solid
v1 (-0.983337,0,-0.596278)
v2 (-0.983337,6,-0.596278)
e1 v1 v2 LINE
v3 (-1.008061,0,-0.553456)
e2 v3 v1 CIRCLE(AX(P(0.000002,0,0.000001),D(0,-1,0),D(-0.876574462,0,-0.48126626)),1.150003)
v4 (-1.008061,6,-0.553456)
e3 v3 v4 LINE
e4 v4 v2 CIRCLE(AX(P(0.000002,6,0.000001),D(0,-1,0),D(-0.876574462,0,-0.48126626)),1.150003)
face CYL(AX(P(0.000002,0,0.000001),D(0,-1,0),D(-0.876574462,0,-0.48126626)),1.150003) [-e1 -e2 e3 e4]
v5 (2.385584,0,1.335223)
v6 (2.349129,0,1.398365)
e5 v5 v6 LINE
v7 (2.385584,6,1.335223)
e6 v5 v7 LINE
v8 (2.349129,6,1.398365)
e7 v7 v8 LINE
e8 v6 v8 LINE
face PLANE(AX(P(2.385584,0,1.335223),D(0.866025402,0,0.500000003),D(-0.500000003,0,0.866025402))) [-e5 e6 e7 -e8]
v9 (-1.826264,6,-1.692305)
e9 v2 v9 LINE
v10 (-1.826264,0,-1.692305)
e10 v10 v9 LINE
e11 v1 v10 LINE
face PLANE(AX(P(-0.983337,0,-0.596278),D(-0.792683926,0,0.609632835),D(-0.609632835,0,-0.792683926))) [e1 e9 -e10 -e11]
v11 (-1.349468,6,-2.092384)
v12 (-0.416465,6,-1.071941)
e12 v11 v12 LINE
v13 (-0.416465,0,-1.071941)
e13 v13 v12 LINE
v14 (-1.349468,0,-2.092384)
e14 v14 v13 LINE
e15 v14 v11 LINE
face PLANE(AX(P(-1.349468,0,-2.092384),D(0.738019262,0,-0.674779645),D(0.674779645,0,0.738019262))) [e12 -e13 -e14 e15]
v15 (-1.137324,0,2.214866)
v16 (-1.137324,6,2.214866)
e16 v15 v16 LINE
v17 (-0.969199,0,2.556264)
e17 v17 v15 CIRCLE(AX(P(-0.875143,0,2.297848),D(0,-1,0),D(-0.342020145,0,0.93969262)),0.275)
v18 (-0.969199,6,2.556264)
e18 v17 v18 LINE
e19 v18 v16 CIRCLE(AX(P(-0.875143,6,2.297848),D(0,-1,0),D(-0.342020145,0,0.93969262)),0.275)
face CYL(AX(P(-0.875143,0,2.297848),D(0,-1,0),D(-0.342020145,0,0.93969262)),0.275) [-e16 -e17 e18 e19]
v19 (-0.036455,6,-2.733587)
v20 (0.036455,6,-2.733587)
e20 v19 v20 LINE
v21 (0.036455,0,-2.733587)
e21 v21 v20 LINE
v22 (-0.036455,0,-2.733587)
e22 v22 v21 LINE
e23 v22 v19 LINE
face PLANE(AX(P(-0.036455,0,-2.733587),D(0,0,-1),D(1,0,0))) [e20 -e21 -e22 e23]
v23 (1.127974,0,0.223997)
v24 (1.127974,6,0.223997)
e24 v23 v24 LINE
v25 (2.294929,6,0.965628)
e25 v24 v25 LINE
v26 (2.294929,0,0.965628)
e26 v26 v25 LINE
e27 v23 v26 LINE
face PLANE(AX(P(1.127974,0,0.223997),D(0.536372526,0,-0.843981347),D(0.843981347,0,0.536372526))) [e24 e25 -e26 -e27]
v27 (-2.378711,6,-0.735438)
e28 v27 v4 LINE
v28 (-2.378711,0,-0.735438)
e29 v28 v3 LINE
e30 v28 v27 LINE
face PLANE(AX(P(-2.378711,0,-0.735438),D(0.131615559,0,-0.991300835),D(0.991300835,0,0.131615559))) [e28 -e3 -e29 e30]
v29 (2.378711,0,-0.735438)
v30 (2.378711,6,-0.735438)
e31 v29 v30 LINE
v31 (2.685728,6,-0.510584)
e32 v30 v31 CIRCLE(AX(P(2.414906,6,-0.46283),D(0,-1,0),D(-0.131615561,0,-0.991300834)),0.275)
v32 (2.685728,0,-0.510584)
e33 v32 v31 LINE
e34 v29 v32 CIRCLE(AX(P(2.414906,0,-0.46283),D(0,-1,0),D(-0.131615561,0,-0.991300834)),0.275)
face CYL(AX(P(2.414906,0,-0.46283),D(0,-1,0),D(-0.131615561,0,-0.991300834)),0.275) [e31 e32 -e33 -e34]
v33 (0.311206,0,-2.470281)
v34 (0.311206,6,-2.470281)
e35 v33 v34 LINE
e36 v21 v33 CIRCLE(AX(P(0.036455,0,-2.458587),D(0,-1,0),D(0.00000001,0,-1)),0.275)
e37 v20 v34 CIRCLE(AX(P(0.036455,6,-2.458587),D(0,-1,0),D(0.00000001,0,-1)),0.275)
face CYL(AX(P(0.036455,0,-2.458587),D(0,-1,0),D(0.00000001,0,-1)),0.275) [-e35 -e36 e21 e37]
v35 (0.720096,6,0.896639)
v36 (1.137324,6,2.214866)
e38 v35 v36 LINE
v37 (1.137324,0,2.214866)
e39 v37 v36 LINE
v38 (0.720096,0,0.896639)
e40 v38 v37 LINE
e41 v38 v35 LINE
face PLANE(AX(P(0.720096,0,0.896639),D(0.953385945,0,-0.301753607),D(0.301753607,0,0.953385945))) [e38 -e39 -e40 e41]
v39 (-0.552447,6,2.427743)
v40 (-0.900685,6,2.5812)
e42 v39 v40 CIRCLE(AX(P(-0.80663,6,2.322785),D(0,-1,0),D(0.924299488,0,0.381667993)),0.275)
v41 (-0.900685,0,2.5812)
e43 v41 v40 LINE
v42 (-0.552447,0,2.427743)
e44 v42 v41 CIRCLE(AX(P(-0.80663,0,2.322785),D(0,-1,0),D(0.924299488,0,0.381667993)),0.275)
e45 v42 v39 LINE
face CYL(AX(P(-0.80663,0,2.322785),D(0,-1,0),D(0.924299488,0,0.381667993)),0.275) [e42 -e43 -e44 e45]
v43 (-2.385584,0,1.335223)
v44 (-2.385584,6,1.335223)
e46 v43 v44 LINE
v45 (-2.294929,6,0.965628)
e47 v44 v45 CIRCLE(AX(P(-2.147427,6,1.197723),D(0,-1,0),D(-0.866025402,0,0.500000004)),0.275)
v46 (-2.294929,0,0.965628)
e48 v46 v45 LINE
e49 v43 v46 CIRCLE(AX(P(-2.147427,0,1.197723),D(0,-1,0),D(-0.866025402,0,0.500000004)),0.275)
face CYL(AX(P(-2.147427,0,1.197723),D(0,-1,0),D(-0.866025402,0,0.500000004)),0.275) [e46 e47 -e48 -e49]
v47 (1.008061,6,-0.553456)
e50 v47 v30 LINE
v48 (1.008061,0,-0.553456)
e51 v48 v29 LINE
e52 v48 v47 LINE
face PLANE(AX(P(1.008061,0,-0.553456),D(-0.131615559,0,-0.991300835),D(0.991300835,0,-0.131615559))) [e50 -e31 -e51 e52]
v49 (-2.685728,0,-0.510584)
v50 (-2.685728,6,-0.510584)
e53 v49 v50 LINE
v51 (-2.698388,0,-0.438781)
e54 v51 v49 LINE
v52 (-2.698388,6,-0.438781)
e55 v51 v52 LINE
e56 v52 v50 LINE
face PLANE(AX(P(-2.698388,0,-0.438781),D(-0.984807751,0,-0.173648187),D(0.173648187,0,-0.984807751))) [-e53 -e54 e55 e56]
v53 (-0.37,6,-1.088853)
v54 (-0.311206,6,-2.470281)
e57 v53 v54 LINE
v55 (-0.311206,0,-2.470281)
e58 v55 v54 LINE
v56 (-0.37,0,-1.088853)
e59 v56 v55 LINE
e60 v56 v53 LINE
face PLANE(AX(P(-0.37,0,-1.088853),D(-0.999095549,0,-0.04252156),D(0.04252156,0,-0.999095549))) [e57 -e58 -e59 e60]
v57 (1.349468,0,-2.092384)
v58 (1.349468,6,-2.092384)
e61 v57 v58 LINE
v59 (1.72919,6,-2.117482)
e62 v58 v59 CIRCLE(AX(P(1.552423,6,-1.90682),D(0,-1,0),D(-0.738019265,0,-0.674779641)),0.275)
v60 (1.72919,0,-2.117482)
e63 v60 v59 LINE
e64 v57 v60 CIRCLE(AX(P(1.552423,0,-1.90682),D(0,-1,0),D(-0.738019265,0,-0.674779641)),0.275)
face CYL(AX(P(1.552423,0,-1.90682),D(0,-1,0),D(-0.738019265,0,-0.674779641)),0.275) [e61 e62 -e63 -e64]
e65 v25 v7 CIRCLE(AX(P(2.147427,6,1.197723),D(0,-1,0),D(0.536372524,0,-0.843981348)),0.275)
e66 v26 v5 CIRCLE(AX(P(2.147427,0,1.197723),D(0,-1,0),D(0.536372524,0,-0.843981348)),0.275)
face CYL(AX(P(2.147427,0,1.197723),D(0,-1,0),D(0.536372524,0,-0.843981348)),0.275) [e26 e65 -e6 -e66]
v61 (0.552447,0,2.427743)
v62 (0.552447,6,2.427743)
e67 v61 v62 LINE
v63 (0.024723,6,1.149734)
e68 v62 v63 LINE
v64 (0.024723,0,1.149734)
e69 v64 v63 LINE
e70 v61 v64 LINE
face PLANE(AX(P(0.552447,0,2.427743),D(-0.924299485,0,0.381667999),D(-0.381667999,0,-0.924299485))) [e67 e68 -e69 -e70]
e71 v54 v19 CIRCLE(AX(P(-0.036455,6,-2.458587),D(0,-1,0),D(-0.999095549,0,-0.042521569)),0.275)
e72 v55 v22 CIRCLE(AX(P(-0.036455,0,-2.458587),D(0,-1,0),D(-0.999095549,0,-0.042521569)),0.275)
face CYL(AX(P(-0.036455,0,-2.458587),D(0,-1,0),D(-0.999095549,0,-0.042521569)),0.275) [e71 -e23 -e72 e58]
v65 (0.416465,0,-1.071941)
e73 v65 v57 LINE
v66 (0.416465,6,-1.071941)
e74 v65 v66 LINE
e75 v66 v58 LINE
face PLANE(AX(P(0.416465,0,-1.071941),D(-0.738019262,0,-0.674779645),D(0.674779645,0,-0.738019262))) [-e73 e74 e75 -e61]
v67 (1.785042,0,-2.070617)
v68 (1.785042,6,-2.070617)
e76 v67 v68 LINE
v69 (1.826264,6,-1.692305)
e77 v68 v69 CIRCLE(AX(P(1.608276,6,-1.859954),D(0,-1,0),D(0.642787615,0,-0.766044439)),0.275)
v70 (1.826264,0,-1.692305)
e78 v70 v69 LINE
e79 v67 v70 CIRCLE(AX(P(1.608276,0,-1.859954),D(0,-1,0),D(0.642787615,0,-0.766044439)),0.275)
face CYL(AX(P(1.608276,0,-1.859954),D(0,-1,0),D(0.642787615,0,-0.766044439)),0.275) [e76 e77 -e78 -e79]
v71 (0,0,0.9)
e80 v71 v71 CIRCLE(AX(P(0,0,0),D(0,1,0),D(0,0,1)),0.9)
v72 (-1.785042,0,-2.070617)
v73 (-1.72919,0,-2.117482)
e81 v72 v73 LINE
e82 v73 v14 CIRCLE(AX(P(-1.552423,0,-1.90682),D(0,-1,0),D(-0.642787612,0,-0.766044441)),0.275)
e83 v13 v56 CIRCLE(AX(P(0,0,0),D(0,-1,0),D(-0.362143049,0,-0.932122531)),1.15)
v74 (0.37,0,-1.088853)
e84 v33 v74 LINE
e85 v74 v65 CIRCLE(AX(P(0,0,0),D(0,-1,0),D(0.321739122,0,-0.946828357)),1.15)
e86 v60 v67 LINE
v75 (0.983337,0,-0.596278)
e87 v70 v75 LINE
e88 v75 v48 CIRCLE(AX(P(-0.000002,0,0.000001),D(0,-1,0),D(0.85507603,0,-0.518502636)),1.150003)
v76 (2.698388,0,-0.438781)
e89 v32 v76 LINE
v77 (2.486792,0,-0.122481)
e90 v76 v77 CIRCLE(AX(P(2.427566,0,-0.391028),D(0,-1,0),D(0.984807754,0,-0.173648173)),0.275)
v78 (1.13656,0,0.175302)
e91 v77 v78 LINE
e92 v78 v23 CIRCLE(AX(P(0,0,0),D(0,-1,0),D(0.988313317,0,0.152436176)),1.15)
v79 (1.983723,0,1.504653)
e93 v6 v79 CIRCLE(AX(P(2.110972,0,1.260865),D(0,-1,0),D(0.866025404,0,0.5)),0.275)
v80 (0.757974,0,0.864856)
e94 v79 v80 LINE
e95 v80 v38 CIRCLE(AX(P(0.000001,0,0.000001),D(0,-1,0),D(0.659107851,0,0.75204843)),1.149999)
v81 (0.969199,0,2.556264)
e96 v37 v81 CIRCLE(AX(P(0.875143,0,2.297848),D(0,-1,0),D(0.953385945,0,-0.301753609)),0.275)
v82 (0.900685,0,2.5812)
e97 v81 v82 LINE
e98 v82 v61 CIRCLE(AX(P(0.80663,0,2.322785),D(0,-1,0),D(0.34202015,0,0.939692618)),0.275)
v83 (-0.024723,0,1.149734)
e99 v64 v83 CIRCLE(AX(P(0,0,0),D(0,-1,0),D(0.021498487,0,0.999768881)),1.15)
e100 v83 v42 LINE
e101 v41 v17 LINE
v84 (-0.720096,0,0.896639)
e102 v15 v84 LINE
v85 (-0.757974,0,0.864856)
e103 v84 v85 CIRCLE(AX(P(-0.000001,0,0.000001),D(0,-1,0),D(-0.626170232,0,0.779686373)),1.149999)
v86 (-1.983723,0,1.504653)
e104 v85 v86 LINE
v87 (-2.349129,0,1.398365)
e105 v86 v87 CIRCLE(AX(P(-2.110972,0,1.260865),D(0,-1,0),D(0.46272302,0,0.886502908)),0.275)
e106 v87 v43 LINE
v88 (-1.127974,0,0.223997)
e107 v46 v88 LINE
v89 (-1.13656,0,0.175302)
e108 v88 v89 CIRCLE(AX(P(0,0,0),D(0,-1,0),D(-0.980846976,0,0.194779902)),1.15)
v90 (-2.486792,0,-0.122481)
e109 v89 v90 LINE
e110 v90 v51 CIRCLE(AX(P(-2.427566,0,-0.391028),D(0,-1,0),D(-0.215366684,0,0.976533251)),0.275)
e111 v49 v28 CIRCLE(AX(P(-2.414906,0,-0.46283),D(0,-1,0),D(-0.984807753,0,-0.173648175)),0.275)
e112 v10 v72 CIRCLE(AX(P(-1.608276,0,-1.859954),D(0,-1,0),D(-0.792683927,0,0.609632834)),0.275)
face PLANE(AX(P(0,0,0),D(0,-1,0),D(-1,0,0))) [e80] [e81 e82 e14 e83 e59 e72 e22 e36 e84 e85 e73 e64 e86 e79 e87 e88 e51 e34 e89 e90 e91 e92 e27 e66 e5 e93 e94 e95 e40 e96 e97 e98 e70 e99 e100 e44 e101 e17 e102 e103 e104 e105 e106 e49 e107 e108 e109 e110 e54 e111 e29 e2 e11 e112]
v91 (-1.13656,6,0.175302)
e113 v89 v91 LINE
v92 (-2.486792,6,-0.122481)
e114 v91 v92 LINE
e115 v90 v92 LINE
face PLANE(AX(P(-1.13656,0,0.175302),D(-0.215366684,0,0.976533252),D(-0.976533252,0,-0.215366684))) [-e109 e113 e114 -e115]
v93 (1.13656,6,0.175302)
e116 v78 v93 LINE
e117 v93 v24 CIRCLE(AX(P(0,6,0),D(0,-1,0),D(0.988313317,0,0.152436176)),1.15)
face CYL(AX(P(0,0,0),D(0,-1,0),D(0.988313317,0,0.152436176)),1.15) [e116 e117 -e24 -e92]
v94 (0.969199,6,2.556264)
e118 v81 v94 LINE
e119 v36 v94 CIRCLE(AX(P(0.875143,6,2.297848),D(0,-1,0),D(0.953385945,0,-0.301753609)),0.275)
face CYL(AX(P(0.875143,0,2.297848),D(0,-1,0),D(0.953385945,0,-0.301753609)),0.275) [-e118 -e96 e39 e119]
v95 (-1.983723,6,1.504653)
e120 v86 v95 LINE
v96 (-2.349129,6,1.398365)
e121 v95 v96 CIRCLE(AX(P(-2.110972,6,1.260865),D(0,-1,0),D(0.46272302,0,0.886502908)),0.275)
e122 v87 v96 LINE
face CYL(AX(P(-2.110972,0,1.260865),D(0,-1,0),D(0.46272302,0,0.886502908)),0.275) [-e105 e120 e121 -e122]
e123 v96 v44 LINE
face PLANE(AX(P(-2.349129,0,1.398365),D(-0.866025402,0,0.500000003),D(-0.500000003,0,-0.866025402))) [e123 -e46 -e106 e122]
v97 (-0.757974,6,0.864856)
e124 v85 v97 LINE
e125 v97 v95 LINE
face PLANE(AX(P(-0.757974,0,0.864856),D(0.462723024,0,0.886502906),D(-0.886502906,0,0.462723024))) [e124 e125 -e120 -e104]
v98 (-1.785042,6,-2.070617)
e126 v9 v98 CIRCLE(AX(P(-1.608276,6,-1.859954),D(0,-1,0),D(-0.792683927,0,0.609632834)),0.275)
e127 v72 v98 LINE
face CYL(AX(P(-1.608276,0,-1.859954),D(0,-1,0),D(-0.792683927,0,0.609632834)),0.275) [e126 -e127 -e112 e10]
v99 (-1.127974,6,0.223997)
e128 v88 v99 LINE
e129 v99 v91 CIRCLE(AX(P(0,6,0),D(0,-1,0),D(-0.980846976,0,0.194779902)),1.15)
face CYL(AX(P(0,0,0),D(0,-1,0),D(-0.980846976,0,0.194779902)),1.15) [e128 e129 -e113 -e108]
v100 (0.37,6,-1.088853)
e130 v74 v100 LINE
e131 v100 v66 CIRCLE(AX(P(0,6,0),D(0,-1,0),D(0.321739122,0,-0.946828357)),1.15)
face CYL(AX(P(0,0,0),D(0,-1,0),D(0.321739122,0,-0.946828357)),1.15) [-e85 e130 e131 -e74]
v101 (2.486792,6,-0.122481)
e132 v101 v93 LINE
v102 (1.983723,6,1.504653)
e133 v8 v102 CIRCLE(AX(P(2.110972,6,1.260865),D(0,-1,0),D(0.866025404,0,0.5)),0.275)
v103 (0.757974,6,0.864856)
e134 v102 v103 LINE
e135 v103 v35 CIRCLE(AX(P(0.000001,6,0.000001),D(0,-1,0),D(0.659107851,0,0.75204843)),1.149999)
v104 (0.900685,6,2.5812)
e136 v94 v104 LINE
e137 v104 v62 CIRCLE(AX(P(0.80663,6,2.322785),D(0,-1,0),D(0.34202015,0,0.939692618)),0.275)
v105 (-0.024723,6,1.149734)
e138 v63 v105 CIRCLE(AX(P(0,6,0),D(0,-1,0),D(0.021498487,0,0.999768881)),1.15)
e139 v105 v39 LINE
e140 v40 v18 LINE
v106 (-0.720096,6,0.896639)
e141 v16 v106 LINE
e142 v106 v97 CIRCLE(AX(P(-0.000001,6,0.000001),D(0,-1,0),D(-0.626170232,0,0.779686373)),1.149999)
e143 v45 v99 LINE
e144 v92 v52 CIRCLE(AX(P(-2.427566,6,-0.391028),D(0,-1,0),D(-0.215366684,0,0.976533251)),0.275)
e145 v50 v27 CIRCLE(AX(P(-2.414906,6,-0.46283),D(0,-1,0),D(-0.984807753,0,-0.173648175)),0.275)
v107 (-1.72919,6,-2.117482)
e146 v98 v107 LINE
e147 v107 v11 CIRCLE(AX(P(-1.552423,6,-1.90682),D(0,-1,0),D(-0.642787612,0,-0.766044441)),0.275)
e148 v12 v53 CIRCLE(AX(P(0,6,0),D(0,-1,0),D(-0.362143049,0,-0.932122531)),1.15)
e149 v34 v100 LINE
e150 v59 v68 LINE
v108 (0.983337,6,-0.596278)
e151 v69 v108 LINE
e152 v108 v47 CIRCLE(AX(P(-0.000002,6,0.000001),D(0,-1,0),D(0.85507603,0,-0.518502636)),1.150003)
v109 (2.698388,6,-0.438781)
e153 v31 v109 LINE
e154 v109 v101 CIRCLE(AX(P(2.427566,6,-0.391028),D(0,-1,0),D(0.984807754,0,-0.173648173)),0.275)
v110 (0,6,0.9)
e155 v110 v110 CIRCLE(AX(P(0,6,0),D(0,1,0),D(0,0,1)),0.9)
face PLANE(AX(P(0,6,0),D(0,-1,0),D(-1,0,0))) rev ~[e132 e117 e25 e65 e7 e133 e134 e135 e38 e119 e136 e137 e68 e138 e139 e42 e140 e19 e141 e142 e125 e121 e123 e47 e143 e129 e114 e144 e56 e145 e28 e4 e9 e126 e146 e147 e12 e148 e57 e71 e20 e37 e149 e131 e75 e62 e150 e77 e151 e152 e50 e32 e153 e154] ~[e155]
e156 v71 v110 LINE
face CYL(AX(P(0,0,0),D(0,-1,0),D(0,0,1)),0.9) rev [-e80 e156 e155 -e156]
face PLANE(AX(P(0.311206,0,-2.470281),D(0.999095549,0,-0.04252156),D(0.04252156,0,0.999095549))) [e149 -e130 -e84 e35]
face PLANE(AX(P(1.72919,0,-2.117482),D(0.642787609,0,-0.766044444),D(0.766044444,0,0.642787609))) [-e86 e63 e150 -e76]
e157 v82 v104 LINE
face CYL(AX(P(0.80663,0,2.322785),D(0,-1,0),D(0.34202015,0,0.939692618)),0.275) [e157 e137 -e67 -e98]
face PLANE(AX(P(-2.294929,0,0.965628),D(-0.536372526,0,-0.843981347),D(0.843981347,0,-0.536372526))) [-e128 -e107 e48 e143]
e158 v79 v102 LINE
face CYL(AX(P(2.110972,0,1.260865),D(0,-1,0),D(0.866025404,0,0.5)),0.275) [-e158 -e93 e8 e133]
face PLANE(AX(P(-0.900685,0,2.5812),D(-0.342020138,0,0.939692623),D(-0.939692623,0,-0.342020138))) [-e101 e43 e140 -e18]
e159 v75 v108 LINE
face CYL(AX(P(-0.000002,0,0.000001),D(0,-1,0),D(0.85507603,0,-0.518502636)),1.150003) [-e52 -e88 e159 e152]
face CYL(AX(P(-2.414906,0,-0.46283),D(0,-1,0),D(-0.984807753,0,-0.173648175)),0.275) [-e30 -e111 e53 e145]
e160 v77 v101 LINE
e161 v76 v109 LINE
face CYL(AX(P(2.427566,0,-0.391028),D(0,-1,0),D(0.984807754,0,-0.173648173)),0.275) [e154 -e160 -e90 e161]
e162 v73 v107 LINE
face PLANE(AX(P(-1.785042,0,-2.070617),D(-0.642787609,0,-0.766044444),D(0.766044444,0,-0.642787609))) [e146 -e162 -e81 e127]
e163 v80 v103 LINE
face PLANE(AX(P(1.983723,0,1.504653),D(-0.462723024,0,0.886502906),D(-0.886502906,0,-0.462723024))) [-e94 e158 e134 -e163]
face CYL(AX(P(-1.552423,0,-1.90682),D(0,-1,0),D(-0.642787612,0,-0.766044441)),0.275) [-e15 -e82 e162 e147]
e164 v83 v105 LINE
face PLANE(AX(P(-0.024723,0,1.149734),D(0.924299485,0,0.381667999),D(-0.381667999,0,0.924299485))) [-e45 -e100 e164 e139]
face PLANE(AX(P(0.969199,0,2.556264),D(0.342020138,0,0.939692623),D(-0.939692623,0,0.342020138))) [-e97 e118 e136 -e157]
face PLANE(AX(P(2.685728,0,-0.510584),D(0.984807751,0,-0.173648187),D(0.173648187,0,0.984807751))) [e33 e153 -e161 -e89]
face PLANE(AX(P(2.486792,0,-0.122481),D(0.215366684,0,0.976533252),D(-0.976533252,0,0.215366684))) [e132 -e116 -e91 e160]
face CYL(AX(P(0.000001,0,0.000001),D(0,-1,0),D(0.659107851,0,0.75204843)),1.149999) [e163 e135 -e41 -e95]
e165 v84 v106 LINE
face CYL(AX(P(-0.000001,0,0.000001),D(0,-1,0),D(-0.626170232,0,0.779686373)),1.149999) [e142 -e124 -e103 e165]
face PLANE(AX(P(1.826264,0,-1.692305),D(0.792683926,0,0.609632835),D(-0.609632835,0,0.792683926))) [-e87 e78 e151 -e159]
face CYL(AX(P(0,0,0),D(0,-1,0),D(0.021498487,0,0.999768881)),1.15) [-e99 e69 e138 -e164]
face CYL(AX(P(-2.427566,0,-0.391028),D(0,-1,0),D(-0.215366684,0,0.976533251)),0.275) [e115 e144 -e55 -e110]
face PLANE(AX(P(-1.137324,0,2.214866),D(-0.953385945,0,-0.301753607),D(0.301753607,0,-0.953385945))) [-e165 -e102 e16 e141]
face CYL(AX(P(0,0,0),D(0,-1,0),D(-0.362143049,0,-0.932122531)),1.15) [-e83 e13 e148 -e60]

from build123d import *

# Parameters (mm, degrees)
ESBO_O1_R                = 0.9
RESSALTO_EXTRUS_O1_DEPTH = 6


with BuildPart() as part:
    # Esboço1 → Ressalto-extrusão1 (new body)
    with BuildSketch(Plane(origin=(0, 0, 0), x_dir=(1, 0, 0), z_dir=(0, 1, 0))):
        with BuildLine():
            Line((0.036455066, 2.733587387), (-0.036455066, 2.733587387))
            ThreePointArc((-0.036455066, 2.733587387), (-0.22673027, 2.657132964), (-0.311206342, 2.470280816))
            Line((-0.311206342, 2.470280816), (-0.37, 1.088852607))
            ThreePointArc((-0.37, 1.088852607), (-0.393323165, 1.080646514), (-0.416464521, 1.071940905))
            Line((-0.416464521, 1.071940905), (-1.349468012, 2.092384472))
            ThreePointArc((-1.349468012, 2.092384472), (-1.534286683, 2.181221351), (-1.729189902, 2.117482292))
            Line((-1.729189902, 2.117482292), (-1.785042303, 2.070616563))
            ThreePointArc((-1.785042303, 2.070616563), (-1.88165761, 1.889742534), (-1.826263789, 1.692305311))
            Line((-1.826263789, 1.692305311), (-0.983337409, 0.596278073))
            ThreePointArc((-0.983337409, 0.596278073), (-0.995929214, 0.575), (-1.008060664, 0.55345614))
            Line((-1.008060664, 0.55345614), (-2.378711285, 0.73543818))
            ThreePointArc((-2.378711285, 0.73543818), (-2.577393846, 0.684692025), (-2.685727696, 0.510583699))
            Line((-2.685727696, 0.510583699), (-2.698388408, 0.438781237))
            ThreePointArc((-2.698388408, 0.438781237), (-2.656136442, 0.238120569), (-2.486792113, 0.122481344))
            Line((-2.486792113, 0.122481344), (-1.136560315, -0.175301598))
            ThreePointArc((-1.136560315, -0.175301598), (-1.132528916, -0.199695404), (-1.127974019, -0.223996904))
            Line((-1.127974019, -0.223996904), (-2.294929112, -0.96562781))
            ThreePointArc((-2.294929112, -0.96562781), (-2.414509784, -1.132212308), (-2.385583653, -1.33522268))
            Line((-2.385583653, -1.33522268), (-2.349128587, -1.398364706))
            ThreePointArc((-2.349128587, -1.398364706), (-2.187779513, -1.524920656), (-1.98372277, -1.504653006))
            Line((-1.98372277, -1.504653006), (-0.757974019, -0.864855703))
            ThreePointArc((-0.757974019, -0.864855703), (-0.739205751, -0.88095111), (-0.720095794, -0.896639307))
            Line((-0.720095794, -0.896639307), (-1.137324101, -2.214865816))
            ThreePointArc((-1.137324101, -2.214865816), (-1.121849759, -2.41934192), (-0.969198506, -2.556263529))
            Line((-0.969198506, -2.556263529), (-0.900685394, -2.581200262))
            ThreePointArc((-0.900685394, -2.581200262), (-0.695736235, -2.574434559), (-0.552447496, -2.427743491))
            Line((-0.552447496, -2.427743491), (-0.024723255, -1.149734213))
            ThreePointArc((-0.024723255, -1.149734213), (0, -1.15), (0.024723255, -1.149734213))
            Line((0.024723255, -1.149734213), (0.552447496, -2.427743491))
            ThreePointArc((0.552447496, -2.427743491), (0.695736235, -2.574434559), (0.900685394, -2.581200262))
            Line((0.900685394, -2.581200262), (0.969198506, -2.556263529))
            ThreePointArc((0.969198506, -2.556263529), (1.121849759, -2.41934192), (1.137324101, -2.214865816))
            Line((1.137324101, -2.214865816), (0.720095794, -0.896639307))
            ThreePointArc((0.720095794, -0.896639307), (0.739205751, -0.88095111), (0.757974019, -0.864855703))
            Line((0.757974019, -0.864855703), (1.98372277, -1.504653006))
            ThreePointArc((1.98372277, -1.504653006), (2.187779513, -1.524920656), (2.349128587, -1.398364706))
            Line((2.349128587, -1.398364706), (2.385583653, -1.33522268))
            ThreePointArc((2.385583653, -1.33522268), (2.414509784, -1.132212308), (2.294929112, -0.96562781))
            Line((2.294929112, -0.96562781), (1.127974019, -0.223996904))
            ThreePointArc((1.127974019, -0.223996904), (1.132528916, -0.199695404), (1.136560315, -0.175301598))
            Line((1.136560315, -0.175301598), (2.486792113, 0.122481344))
            ThreePointArc((2.486792113, 0.122481344), (2.656136442, 0.238120569), (2.698388408, 0.438781237))
            Line((2.698388408, 0.438781237), (2.685727696, 0.510583699))
            ThreePointArc((2.685727696, 0.510583699), (2.577393846, 0.684692025), (2.378711285, 0.73543818))
            Line((2.378711285, 0.73543818), (1.008060664, 0.55345614))
            ThreePointArc((1.008060664, 0.55345614), (0.995929214, 0.575), (0.983337409, 0.596278073))
            Line((0.983337409, 0.596278073), (1.826263789, 1.692305311))
            ThreePointArc((1.826263789, 1.692305311), (1.88165761, 1.889742534), (1.785042303, 2.070616563))
            Line((1.785042303, 2.070616563), (1.729189902, 2.117482292))
            ThreePointArc((1.729189902, 2.117482292), (1.534286683, 2.181221351), (1.349468012, 2.092384472))
            Line((1.349468012, 2.092384472), (0.416464521, 1.071940905))
            ThreePointArc((0.416464521, 1.071940905), (0.393323165, 1.080646514), (0.37, 1.088852607))
            Line((0.37, 1.088852607), (0.311206342, 2.470280816))
            ThreePointArc((0.311206342, 2.470280816), (0.22673027, 2.657132964), (0.036455066, 2.733587387))
        make_face()
        Circle(ESBO_O1_R, mode=Mode.SUBTRACT)
    extrude(amount=RESSALTO_EXTRUS_O1_DEPTH)


solid = part.part
